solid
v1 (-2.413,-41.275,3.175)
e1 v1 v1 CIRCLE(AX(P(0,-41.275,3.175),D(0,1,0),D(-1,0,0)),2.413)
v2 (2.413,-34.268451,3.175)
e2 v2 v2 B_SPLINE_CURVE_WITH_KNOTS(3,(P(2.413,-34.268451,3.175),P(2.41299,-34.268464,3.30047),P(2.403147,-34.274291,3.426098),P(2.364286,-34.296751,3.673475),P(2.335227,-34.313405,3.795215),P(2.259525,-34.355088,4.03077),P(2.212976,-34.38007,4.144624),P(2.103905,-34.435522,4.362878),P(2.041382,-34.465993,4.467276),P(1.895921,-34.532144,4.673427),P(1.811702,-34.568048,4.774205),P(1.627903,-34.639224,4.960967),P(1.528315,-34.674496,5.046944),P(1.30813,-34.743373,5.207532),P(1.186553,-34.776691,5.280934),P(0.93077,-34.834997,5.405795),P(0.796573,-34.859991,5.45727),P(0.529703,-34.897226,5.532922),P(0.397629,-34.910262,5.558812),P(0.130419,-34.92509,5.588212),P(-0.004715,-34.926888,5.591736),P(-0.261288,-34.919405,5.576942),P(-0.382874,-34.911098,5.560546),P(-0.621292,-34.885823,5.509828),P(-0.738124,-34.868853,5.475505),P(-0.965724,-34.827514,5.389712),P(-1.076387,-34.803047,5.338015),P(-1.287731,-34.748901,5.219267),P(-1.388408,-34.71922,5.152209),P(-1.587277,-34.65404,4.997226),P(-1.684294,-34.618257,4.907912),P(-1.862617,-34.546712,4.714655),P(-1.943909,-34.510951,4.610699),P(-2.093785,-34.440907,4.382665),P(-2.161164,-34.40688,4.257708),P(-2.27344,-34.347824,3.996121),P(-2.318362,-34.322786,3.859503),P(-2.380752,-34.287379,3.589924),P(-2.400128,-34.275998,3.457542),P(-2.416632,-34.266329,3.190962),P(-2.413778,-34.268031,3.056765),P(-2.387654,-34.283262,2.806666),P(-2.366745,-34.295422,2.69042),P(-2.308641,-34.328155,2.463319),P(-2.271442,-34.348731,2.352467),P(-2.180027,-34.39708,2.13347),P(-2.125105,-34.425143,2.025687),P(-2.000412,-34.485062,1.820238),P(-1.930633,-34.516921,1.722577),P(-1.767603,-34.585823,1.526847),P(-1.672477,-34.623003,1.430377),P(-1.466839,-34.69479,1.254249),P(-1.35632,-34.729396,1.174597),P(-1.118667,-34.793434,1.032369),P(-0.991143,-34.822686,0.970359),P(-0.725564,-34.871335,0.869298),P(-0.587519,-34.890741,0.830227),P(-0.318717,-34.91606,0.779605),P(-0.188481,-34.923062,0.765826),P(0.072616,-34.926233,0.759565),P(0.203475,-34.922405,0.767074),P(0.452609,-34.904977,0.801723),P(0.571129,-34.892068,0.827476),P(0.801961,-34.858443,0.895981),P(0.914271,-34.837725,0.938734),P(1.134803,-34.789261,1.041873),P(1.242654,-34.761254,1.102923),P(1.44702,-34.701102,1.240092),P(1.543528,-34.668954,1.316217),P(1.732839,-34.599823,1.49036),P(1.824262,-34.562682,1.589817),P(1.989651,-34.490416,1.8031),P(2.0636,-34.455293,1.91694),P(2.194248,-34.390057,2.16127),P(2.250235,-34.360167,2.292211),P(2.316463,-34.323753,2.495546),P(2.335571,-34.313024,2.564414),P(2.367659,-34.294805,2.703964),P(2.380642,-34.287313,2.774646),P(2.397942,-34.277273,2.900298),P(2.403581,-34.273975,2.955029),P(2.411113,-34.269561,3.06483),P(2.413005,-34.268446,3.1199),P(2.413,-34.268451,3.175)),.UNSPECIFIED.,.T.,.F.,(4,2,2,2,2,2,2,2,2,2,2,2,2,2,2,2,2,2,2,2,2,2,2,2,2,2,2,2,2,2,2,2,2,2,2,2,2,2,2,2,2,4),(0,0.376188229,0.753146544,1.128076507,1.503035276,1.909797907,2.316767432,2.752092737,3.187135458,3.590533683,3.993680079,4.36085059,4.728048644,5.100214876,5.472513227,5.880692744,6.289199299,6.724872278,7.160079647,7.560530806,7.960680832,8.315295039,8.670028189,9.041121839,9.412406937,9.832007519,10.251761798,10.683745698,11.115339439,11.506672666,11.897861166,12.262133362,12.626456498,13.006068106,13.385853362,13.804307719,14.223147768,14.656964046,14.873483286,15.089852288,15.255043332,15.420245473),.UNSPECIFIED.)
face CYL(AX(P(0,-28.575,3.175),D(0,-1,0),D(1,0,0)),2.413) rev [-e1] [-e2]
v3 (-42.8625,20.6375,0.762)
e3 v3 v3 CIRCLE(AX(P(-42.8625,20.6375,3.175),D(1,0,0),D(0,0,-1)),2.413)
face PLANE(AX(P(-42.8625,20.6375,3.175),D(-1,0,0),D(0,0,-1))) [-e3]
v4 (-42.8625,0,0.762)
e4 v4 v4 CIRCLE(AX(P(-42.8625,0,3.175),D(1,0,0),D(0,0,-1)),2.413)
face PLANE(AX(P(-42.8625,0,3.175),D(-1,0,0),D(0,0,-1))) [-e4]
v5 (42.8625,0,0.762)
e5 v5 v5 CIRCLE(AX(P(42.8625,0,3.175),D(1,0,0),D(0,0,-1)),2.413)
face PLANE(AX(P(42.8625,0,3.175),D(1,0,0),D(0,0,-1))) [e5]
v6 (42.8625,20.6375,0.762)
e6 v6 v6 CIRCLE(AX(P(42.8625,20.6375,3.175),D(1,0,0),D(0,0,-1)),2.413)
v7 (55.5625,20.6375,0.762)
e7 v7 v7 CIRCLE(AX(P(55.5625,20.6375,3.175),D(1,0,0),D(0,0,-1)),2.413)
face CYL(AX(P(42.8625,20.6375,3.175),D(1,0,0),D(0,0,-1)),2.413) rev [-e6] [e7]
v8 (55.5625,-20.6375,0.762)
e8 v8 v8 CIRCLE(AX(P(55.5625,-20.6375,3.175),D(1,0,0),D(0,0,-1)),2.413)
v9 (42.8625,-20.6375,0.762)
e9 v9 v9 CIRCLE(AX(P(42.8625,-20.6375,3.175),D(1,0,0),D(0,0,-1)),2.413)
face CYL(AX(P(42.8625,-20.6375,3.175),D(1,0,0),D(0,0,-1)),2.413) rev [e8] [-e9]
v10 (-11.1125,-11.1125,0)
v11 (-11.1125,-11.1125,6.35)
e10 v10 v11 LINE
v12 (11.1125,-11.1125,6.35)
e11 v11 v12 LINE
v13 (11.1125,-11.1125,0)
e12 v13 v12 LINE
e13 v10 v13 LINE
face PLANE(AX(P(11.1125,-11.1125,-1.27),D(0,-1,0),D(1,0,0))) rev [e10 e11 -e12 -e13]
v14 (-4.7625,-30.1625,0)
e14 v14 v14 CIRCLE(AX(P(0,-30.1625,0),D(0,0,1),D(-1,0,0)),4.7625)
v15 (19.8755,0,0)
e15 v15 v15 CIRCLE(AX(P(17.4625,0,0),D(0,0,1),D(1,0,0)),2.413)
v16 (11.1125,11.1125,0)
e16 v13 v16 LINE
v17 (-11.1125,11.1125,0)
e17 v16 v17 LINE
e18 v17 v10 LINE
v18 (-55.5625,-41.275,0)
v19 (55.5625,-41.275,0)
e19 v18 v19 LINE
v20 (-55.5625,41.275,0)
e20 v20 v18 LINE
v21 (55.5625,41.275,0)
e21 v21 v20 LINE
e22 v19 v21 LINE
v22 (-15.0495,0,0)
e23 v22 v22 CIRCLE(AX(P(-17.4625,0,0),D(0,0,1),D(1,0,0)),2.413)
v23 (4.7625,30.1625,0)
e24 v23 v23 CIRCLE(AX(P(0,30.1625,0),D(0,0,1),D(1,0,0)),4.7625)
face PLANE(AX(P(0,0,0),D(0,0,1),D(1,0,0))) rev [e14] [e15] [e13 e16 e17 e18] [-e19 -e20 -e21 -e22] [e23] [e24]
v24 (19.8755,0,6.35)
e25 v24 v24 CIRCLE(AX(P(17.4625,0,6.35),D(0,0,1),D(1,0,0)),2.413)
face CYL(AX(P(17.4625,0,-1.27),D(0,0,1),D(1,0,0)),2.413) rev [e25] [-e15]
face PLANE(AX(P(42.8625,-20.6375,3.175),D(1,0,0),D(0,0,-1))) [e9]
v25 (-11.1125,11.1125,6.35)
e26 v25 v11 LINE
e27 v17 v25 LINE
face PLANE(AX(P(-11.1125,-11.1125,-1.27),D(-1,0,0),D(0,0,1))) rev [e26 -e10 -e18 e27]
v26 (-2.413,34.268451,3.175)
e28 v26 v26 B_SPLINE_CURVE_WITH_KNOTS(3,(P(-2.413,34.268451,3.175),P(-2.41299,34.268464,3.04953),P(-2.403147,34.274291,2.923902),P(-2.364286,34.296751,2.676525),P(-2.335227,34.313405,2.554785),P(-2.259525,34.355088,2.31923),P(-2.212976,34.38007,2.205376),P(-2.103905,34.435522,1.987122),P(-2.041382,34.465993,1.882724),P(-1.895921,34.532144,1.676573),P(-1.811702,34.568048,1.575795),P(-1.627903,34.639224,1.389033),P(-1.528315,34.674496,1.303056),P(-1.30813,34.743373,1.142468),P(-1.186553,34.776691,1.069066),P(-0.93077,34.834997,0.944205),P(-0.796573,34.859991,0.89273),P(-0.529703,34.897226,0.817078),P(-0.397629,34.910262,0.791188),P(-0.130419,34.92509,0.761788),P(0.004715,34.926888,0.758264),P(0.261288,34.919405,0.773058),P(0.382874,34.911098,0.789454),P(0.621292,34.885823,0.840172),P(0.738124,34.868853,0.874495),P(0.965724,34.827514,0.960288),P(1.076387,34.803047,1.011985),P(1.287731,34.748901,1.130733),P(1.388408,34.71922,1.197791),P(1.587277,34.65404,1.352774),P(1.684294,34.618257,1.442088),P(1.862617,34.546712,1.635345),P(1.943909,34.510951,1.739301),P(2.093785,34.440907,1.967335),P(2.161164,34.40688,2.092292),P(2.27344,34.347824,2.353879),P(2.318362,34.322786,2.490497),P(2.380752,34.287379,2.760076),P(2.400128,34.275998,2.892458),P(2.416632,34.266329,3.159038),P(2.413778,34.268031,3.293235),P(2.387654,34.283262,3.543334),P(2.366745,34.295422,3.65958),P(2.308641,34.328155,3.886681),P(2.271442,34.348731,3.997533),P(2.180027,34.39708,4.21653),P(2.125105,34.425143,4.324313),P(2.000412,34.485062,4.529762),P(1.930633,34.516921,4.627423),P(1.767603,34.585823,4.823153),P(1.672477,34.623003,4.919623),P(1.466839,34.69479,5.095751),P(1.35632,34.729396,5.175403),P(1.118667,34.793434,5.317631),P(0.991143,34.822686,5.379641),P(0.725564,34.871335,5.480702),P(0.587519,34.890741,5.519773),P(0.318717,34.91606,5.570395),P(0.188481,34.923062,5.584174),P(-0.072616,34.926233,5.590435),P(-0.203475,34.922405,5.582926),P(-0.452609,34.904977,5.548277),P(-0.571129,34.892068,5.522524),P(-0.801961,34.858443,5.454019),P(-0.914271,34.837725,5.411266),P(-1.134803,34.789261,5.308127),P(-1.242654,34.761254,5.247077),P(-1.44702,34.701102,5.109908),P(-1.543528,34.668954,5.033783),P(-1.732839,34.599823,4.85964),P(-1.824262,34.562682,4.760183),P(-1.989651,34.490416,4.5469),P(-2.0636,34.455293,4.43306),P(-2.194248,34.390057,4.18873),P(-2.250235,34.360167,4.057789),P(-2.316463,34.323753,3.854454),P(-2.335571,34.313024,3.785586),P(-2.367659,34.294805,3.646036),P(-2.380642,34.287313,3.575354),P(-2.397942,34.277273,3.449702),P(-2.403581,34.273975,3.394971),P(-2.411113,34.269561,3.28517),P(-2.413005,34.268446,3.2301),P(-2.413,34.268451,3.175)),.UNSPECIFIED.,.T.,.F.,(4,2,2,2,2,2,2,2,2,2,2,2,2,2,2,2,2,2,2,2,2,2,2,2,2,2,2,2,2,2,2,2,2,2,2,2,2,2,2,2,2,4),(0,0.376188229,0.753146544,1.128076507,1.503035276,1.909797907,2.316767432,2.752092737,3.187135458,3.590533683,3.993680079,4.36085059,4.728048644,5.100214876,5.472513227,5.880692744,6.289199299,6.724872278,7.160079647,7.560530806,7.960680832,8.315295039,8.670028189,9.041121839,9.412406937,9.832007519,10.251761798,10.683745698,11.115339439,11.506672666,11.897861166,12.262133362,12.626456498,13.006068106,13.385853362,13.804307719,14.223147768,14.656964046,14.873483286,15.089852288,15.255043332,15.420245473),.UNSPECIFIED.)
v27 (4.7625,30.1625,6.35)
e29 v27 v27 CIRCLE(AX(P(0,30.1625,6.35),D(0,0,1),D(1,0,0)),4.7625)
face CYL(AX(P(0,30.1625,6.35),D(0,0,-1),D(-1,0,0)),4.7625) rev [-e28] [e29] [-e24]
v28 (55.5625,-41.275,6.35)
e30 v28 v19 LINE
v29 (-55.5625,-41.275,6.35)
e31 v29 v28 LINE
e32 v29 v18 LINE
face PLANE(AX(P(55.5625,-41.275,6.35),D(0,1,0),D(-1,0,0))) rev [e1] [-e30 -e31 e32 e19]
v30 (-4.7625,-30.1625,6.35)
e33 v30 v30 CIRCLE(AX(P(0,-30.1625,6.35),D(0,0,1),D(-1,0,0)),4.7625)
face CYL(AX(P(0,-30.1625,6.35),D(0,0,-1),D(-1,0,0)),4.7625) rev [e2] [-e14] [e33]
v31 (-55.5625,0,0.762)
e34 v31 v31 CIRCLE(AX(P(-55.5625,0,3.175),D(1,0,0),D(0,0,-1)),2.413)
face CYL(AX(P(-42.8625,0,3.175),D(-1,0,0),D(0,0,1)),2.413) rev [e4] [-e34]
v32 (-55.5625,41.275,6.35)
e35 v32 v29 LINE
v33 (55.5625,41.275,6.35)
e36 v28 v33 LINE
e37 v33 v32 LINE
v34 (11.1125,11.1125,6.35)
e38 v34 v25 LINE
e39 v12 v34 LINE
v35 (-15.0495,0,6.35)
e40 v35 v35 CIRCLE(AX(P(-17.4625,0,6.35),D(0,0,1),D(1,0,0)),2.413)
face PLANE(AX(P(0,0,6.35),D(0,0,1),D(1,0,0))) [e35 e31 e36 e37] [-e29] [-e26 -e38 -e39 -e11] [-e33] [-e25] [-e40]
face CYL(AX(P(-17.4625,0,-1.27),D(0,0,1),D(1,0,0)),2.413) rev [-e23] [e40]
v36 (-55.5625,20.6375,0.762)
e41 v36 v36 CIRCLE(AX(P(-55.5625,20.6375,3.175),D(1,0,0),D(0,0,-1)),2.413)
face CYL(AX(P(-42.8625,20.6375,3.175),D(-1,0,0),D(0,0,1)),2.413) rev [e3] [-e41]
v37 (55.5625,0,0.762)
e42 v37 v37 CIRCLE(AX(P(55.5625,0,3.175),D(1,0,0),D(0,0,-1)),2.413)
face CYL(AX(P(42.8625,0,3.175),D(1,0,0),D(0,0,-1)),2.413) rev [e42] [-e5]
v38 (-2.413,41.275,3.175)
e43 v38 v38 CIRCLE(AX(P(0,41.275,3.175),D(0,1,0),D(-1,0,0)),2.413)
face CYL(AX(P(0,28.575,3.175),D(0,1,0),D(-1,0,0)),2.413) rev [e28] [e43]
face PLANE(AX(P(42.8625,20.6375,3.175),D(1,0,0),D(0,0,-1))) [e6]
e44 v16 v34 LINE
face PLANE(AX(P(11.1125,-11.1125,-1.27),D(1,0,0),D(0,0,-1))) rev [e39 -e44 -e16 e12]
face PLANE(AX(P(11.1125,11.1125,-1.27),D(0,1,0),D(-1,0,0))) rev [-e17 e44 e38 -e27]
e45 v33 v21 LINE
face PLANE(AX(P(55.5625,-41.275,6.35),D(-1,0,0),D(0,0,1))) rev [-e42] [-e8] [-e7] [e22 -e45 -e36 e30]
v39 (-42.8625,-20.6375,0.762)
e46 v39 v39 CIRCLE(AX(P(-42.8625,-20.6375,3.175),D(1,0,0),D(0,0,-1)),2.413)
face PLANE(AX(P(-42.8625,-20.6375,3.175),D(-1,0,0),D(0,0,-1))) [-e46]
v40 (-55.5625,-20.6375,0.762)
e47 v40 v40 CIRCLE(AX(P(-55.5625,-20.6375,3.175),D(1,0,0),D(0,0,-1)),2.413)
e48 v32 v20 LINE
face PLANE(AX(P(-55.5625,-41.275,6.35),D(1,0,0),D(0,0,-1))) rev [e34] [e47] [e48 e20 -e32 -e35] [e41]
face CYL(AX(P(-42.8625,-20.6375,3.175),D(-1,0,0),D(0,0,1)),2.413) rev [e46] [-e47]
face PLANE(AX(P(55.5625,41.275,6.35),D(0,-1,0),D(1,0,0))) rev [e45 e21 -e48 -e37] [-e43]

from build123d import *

# Parameters (mm, degrees)
SKETCH1_W           = 111.125
SKETCH1_H           = 82.55
SKETCH1_R           = 4.7625
BOSS_EXTRUDE1_DEPTH = 6.35
SKETCH2_R           = 2.413
CUT_EXTRUDE1_DEPTH  = 12.7
SKETCH3_R           = 2.413
CUT_EXTRUDE2_DEPTH  = 12.7
SKETCH4_R           = 2.413
SKETCH4_W           = 22.225
SKETCH4_H           = 22.225
CUT_EXTRUDE3_DEPTH  = 7.62


with BuildPart() as part:
    # Sketch1 → Boss-Extrude1 (new body)
    with BuildSketch(Plane.XY):
        Rectangle(SKETCH1_W, SKETCH1_H)
        with Locations((0, 30.1625)):
            Circle(SKETCH1_R, mode=Mode.SUBTRACT)
        with Locations(Location((0, -30.1625, 0), (0, 0, 180))):
            Circle(SKETCH1_R, mode=Mode.SUBTRACT)
    extrude(amount=BOSS_EXTRUDE1_DEPTH)

    # Sketch2 → Cut-Extrude1 (cut)
    with BuildSketch(Plane(origin=(55.5625, 0, 0), x_dir=(0, 0, -1), z_dir=(1, 0, 0))):
        with Locations((-3.175, 20.6375)):
            Circle(SKETCH2_R)
        with Locations((-3.175, 0)):
            Circle(SKETCH2_R)
        with Locations((-3.175, -20.6375)):
            Circle(SKETCH2_R)
    cut_extrude1 = extrude(amount=-CUT_EXTRUDE1_DEPTH, mode=Mode.SUBTRACT)

    # Mirror1: Cut-Extrude1 across plane
    add(cut_extrude1.mirror(Plane(origin=(0, 0, 0), x_dir=(0, 0, 1), z_dir=(1, 0, 0))), mode=Mode.SUBTRACT)

    # Sketch3 → Cut-Extrude2 (cut)
    with BuildSketch(Plane(origin=(0, 41.275, 0), x_dir=(1, 0, 0), z_dir=(0, 1, 0))):
        with Locations(Location((0, -3.175, 0), (0, 0, 180))):
            Circle(SKETCH3_R)
    cut_extrude2 = extrude(amount=-CUT_EXTRUDE2_DEPTH, mode=Mode.SUBTRACT)

    # Mirror2: Cut-Extrude2 across plane
    add(cut_extrude2.mirror(Plane.ZX), mode=Mode.SUBTRACT)

    # Sketch4 → Cut-Extrude3 (cut)
    with BuildSketch(Plane.XY.offset(6.35)):
        with Locations((17.4625, 0)):
            Circle(SKETCH4_R)
        with Locations((-17.4625, 0)):
            Circle(SKETCH4_R)
        Rectangle(SKETCH4_W, SKETCH4_H)
    extrude(amount=-CUT_EXTRUDE3_DEPTH, mode=Mode.SUBTRACT)


solid = part.part
